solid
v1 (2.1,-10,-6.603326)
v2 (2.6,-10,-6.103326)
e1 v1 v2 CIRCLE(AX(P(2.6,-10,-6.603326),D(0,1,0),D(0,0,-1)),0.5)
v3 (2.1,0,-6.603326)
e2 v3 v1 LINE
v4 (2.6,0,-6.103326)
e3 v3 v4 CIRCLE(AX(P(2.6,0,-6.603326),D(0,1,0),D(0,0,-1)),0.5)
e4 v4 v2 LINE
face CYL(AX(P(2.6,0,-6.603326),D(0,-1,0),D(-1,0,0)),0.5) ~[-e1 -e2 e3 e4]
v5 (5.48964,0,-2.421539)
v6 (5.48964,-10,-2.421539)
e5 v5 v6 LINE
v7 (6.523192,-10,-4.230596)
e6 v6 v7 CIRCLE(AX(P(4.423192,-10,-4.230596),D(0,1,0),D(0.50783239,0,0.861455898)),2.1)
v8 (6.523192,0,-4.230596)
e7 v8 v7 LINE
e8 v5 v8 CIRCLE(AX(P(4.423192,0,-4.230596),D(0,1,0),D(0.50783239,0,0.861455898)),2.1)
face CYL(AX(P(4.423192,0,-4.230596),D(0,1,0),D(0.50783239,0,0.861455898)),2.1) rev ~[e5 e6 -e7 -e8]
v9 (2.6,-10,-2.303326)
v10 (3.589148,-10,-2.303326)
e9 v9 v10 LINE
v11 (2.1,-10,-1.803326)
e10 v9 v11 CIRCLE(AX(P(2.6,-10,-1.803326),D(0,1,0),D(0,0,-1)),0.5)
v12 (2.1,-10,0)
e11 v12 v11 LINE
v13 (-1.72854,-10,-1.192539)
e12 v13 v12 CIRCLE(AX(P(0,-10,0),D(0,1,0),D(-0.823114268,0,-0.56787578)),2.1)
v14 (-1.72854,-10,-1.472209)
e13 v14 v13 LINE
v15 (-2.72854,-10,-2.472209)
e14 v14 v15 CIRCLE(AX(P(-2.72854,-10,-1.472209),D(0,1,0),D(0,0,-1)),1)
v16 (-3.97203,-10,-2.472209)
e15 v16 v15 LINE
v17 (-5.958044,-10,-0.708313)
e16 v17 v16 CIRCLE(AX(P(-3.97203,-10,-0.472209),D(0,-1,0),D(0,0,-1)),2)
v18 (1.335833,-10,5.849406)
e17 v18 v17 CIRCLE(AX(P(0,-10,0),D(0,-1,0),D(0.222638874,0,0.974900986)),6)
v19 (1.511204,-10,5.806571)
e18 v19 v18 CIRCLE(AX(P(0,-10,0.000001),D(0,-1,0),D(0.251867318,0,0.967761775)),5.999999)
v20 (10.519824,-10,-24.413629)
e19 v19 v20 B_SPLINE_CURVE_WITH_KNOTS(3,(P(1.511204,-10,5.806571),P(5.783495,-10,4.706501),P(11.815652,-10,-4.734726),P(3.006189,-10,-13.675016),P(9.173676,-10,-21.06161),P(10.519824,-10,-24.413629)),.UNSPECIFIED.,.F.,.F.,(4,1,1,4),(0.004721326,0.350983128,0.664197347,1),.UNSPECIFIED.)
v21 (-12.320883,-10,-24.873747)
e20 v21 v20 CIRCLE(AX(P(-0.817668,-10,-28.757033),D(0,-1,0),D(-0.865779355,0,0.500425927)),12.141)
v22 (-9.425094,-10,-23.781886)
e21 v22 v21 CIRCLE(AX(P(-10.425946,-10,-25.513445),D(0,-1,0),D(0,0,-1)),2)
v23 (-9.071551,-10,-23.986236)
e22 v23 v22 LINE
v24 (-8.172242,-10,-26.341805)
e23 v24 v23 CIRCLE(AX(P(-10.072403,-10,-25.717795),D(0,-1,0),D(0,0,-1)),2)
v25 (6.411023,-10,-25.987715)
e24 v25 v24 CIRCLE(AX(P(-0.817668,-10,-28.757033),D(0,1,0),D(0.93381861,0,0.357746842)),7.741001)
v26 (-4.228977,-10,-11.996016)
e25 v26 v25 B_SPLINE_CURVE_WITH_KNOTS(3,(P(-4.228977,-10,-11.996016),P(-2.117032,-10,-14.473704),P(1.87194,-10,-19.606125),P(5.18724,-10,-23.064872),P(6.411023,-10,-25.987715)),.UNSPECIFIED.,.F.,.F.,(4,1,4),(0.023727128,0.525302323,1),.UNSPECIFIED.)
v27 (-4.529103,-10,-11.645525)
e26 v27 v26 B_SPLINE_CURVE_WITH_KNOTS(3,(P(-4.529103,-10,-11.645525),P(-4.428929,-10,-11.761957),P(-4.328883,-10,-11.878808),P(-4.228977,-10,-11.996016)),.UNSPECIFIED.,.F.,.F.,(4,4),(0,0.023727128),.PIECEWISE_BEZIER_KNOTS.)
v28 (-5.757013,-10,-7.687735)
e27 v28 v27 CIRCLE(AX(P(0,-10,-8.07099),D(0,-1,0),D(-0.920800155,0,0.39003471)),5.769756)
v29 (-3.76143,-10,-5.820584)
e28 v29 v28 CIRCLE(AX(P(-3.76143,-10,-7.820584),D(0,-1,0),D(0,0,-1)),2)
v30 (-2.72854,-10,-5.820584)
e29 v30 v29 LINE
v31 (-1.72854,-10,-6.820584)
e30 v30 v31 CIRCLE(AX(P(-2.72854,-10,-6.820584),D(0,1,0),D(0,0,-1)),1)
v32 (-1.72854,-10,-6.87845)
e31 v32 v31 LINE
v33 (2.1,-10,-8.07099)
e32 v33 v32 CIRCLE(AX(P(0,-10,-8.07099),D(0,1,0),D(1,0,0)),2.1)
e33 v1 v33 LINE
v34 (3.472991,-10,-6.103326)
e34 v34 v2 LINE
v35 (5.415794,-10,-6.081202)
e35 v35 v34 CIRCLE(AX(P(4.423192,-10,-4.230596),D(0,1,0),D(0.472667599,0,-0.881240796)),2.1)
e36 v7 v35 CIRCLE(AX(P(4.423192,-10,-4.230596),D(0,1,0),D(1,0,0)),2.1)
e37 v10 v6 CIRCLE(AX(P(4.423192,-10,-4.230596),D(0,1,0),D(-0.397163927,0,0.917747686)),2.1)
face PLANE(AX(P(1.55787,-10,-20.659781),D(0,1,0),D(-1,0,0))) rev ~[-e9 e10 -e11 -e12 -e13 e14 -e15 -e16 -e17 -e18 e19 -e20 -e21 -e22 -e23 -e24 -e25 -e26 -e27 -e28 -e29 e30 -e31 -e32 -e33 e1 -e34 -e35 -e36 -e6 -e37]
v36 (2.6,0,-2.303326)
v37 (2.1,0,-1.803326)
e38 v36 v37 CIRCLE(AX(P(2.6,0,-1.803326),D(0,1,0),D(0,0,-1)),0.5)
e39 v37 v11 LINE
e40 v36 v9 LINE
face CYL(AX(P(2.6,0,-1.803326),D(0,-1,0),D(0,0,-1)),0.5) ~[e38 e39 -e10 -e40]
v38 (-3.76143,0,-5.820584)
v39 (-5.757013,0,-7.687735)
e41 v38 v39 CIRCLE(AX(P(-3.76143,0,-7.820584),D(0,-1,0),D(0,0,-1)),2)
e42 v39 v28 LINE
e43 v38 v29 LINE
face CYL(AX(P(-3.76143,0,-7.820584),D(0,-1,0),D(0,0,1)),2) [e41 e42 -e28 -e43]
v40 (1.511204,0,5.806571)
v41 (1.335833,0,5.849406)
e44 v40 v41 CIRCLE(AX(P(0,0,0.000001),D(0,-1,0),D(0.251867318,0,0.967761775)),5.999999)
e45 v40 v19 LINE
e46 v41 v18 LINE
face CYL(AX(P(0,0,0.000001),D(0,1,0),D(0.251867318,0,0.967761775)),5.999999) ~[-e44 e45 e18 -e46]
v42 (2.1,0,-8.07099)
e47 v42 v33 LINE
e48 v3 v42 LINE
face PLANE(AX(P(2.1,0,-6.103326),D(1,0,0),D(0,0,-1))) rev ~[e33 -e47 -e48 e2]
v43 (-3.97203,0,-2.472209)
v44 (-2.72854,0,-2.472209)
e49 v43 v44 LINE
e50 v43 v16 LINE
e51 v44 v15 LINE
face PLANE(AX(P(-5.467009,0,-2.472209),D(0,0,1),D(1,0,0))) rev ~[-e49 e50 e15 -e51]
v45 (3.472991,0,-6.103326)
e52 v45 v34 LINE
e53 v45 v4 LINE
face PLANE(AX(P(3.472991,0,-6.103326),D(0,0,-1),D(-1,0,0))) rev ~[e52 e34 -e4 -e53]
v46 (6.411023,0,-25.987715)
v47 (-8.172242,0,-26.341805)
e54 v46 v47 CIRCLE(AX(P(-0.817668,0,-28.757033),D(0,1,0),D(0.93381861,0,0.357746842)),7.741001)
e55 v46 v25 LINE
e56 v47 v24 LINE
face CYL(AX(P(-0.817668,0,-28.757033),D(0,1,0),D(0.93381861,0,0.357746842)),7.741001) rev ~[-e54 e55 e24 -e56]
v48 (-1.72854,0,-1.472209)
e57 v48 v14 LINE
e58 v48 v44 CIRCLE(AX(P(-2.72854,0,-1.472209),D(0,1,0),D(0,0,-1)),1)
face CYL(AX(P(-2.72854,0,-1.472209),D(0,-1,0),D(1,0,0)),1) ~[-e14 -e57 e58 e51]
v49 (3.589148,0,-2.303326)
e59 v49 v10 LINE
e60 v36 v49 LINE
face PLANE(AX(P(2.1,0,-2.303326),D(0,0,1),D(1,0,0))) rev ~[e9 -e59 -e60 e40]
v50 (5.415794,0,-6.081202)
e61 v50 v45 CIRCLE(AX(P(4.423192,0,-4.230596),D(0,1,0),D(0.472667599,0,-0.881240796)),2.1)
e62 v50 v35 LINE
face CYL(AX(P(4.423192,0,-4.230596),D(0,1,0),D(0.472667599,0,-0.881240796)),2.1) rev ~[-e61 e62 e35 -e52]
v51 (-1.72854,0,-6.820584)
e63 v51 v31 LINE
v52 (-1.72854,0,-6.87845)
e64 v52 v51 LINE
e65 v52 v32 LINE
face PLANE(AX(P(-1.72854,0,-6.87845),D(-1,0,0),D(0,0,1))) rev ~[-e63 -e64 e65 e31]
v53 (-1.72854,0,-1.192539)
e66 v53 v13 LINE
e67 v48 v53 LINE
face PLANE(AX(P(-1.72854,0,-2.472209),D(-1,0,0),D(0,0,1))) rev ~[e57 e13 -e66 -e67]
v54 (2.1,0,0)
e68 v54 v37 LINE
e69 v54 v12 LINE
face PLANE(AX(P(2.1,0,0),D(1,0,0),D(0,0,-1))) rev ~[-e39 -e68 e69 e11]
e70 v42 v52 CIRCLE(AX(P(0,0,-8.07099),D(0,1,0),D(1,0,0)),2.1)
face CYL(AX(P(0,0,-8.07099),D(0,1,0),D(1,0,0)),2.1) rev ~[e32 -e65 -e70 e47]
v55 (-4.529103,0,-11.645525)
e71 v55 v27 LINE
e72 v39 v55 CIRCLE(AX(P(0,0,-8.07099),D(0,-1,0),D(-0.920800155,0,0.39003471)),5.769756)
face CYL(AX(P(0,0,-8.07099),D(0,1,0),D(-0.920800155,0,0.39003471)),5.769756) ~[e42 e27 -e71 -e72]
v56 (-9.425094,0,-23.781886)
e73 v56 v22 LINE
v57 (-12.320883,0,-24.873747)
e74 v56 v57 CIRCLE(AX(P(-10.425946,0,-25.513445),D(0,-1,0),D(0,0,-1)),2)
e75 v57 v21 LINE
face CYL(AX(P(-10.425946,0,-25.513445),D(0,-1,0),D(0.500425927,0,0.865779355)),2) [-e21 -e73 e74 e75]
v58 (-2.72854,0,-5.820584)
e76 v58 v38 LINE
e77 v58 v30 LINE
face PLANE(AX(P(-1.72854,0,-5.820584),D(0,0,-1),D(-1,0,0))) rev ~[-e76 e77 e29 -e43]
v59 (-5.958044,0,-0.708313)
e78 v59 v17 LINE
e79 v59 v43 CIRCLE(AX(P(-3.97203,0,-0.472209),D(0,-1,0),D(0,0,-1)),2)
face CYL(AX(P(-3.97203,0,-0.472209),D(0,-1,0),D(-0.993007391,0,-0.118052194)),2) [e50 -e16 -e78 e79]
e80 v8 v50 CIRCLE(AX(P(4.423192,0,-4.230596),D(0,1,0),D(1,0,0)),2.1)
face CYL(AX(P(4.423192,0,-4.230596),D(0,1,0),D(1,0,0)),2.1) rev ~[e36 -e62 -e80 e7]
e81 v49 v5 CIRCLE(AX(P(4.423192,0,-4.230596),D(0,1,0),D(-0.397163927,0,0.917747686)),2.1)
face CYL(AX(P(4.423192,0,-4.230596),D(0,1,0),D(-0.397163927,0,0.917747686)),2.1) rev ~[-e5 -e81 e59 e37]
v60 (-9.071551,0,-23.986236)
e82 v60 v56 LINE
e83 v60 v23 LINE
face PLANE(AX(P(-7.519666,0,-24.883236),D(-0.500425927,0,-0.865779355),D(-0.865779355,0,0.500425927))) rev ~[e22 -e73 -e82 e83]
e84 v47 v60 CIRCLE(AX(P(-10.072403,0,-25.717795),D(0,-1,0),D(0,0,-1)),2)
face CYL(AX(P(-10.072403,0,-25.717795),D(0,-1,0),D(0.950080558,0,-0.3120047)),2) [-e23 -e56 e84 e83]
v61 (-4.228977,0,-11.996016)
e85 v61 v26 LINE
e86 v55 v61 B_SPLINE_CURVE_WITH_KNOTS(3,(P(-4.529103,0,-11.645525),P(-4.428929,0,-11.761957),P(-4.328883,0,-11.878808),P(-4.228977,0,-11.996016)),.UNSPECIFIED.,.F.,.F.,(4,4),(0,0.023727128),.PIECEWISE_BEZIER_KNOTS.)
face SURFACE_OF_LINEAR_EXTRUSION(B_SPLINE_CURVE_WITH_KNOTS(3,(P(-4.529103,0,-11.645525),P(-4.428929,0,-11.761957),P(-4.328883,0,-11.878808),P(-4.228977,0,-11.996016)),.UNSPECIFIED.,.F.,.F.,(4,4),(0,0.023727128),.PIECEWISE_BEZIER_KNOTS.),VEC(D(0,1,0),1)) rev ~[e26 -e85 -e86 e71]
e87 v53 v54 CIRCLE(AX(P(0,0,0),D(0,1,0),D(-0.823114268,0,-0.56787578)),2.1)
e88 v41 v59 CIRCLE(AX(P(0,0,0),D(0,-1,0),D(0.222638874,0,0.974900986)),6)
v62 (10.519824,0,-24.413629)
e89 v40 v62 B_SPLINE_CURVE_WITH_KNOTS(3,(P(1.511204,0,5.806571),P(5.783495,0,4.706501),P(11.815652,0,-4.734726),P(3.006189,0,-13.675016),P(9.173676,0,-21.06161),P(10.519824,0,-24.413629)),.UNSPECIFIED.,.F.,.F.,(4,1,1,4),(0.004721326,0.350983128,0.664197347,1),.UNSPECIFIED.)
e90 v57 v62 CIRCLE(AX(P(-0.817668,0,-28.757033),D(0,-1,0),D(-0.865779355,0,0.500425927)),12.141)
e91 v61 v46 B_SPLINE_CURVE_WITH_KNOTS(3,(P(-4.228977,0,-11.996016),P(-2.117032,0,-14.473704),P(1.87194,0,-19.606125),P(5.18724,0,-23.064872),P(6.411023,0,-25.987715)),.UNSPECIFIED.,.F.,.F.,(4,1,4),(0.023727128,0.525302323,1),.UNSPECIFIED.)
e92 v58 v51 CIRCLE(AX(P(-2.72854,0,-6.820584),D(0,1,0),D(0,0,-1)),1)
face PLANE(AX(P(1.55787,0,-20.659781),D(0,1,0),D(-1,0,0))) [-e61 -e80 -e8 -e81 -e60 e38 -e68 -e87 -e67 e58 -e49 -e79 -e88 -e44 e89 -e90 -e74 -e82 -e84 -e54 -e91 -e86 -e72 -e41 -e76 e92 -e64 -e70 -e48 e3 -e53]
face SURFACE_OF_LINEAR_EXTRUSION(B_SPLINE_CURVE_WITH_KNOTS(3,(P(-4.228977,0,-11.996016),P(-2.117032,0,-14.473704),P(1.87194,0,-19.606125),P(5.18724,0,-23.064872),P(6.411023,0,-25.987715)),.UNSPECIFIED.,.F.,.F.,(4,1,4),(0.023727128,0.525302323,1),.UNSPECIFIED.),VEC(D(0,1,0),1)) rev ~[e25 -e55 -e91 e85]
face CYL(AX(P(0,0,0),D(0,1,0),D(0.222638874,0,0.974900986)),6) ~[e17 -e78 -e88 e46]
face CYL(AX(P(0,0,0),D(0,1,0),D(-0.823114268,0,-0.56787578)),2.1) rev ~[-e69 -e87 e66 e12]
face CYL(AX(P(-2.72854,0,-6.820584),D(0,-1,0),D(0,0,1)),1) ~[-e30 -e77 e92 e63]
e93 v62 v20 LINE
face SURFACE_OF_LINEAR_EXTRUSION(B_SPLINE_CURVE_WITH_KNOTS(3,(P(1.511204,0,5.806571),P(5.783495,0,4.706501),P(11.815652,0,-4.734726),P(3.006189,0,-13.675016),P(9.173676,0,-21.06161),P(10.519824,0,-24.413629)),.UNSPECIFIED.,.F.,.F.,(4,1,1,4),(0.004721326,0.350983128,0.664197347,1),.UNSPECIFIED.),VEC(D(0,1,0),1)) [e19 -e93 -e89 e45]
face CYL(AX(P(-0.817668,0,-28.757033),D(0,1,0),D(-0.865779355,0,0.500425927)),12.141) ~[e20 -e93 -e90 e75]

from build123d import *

# Parameters (mm, degrees)
F1_DEPTH = 10
F2_R     = 1
F3_R     = 2
F4_R     = 0.5


with BuildPart() as f1:
    # F0 (on Front) → F1 (new body)
    with BuildSketch(Plane.XZ):
        with BuildLine():
            add(Edge.make_bspline(
                [(1.5112039039, 5.8065706541), (5.7834953099, 4.7065008724), (11.8156523878, -4.7347263591), (3.0061887209, -13.6750164571), (9.173676435, -21.061609973), (10.5198239377, -24.4136286822)],
                knots=[0.0047213261, 0.0047213261, 0.0047213261, 0.0047213261, 0.3509831279, 0.6641973473, 1, 1, 1, 1], degree=3))
            ThreePointArc((1.5112039039, 5.8065706541), (5.4017035076, 2.6118191391), (5.4896402552, -2.4215387398))
            ThreePointArc((5.4896402552, -2.4215387398), (6.2465875364, -3.188852596), (6.5231922366, -4.2305961251))
            ThreePointArc((6.5231922366, -4.2305961251), (6.225200021, -5.3089133071), (5.4157941938, -6.0812017975))
            ThreePointArc((5.4157941938, -6.0812017975), (3.0163538383, -12.9894945105), (-4.2289772618, -11.9960160364))
            add(Edge.make_bspline(
                [(-4.2289772618, -11.9960160364), (-2.1170324589, -14.4737038468), (1.871939821, -19.6061252586), (5.1872399636, -23.06487225), (6.4110226343, -25.9877145657)],
                knots=[0.0237271282, 0.0237271282, 0.0237271282, 0.0237271282, 0.5253023233, 1, 1, 1, 1], degree=3))
            ThreePointArc((6.4110226343, -25.9877145657), (-1.4294843622, -36.4738181218), (-7.5196663351, -24.8832356822))
            Line((-7.5196663351, -24.8832356822), (-11.3290949579, -22.6813619148))
            ThreePointArc((-11.3290949579, -22.6813619148), (-1.7772420469, -40.8600533084), (10.5198239377, -24.4136286822))
        make_face()
        with BuildLine():
            ThreePointArc((-1.7285399627, -1.1925391387), (-0.6245262518, 2.0049855263), (2.1, 0))
            Line((2.1, 0), (2.1, -2.3033259844))
            Line((2.1, -2.3033259844), (3.5891479903, -2.3033259844))
            ThreePointArc((3.5891479903, -2.3033259844), (4.5535626405, -2.1346468038), (5.4896402552, -2.4215387398))
            ThreePointArc((5.4896402552, -2.4215387398), (5.4017035076, 2.6118191391), (1.5112039039, 5.8065706541))
            ThreePointArc((1.5112039039, 5.8065706541), (1.4236796844, 5.8286478841), (1.3358332429, 5.849405914))
            ThreePointArc((1.3358332429, 5.849405914), (-4.6453170358, 3.7975030793), (-5.4670086667, -2.4722087772))
            Line((-5.4670086667, -2.4722087772), (-1.7285399627, -2.4722087772))
            Line((-1.7285399627, -2.4722087772), (-1.7285399627, -1.1925391387))
        make_face()
        with BuildLine():
            Line((3.4729907453, -6.1033259844), (2.1, -6.1033259844))
            Line((2.1, -6.1033259844), (2.1, -8.0709895119))
            ThreePointArc((2.1, -8.0709895119), (-0.6245262518, -10.0759750383), (-1.7285399627, -6.8784503732))
            Line((-1.7285399627, -6.8784503732), (-1.7285399627, -5.8205844834))
            Line((-1.7285399627, -5.8205844834), (-5.3127920255, -5.8205844834))
            ThreePointArc((-5.3127920255, -5.8205844834), (-5.7182347895, -8.8403222036), (-4.5291030542, -11.6455254849))
            add(Edge.make_bspline(
                [(-4.5291030542, -11.6455254849), (-4.4289292872, -11.7619570644), (-4.3288832889, -11.8788084534), (-4.2289772618, -11.9960160364)],
                knots=[0, 0, 0, 0, 0.0237271282, 0.0237271282, 0.0237271282, 0.0237271282], degree=3))
            ThreePointArc((-4.2289772618, -11.9960160364), (3.0163538383, -12.9894945105), (5.4157941938, -6.0812017975))
            ThreePointArc((5.4157941938, -6.0812017975), (4.4471049903, -6.3304599731), (3.4729907453, -6.1033259844))
        make_face()
    extrude(amount=F1_DEPTH)

    # F2
    f2_edges = [f1.edges().sort_by_distance(p)[0] for p in [
        (-1.72854, -5, -2.472209),
        (-1.72854, -5, -5.820584),
    ]]
    fillet(f2_edges, radius=F2_R)

    # F3
    f3_edges = [f1.edges().sort_by_distance(p)[0] for p in [
        (-11.329095, -5, -22.681362),
        (-7.519666, -5, -24.883236),
        (-5.467009, -5, -2.472209),
        (-5.312792, -5, -5.820584),
    ]]
    fillet(f3_edges, radius=F3_R)

    # F4
    f4_edges = [f1.edges().sort_by_distance(p)[0] for p in [
        (2.1, -5, -2.303326),
        (2.1, -5, -6.103326),
    ]]
    fillet(f4_edges, radius=F4_R)


solid = f1.part
